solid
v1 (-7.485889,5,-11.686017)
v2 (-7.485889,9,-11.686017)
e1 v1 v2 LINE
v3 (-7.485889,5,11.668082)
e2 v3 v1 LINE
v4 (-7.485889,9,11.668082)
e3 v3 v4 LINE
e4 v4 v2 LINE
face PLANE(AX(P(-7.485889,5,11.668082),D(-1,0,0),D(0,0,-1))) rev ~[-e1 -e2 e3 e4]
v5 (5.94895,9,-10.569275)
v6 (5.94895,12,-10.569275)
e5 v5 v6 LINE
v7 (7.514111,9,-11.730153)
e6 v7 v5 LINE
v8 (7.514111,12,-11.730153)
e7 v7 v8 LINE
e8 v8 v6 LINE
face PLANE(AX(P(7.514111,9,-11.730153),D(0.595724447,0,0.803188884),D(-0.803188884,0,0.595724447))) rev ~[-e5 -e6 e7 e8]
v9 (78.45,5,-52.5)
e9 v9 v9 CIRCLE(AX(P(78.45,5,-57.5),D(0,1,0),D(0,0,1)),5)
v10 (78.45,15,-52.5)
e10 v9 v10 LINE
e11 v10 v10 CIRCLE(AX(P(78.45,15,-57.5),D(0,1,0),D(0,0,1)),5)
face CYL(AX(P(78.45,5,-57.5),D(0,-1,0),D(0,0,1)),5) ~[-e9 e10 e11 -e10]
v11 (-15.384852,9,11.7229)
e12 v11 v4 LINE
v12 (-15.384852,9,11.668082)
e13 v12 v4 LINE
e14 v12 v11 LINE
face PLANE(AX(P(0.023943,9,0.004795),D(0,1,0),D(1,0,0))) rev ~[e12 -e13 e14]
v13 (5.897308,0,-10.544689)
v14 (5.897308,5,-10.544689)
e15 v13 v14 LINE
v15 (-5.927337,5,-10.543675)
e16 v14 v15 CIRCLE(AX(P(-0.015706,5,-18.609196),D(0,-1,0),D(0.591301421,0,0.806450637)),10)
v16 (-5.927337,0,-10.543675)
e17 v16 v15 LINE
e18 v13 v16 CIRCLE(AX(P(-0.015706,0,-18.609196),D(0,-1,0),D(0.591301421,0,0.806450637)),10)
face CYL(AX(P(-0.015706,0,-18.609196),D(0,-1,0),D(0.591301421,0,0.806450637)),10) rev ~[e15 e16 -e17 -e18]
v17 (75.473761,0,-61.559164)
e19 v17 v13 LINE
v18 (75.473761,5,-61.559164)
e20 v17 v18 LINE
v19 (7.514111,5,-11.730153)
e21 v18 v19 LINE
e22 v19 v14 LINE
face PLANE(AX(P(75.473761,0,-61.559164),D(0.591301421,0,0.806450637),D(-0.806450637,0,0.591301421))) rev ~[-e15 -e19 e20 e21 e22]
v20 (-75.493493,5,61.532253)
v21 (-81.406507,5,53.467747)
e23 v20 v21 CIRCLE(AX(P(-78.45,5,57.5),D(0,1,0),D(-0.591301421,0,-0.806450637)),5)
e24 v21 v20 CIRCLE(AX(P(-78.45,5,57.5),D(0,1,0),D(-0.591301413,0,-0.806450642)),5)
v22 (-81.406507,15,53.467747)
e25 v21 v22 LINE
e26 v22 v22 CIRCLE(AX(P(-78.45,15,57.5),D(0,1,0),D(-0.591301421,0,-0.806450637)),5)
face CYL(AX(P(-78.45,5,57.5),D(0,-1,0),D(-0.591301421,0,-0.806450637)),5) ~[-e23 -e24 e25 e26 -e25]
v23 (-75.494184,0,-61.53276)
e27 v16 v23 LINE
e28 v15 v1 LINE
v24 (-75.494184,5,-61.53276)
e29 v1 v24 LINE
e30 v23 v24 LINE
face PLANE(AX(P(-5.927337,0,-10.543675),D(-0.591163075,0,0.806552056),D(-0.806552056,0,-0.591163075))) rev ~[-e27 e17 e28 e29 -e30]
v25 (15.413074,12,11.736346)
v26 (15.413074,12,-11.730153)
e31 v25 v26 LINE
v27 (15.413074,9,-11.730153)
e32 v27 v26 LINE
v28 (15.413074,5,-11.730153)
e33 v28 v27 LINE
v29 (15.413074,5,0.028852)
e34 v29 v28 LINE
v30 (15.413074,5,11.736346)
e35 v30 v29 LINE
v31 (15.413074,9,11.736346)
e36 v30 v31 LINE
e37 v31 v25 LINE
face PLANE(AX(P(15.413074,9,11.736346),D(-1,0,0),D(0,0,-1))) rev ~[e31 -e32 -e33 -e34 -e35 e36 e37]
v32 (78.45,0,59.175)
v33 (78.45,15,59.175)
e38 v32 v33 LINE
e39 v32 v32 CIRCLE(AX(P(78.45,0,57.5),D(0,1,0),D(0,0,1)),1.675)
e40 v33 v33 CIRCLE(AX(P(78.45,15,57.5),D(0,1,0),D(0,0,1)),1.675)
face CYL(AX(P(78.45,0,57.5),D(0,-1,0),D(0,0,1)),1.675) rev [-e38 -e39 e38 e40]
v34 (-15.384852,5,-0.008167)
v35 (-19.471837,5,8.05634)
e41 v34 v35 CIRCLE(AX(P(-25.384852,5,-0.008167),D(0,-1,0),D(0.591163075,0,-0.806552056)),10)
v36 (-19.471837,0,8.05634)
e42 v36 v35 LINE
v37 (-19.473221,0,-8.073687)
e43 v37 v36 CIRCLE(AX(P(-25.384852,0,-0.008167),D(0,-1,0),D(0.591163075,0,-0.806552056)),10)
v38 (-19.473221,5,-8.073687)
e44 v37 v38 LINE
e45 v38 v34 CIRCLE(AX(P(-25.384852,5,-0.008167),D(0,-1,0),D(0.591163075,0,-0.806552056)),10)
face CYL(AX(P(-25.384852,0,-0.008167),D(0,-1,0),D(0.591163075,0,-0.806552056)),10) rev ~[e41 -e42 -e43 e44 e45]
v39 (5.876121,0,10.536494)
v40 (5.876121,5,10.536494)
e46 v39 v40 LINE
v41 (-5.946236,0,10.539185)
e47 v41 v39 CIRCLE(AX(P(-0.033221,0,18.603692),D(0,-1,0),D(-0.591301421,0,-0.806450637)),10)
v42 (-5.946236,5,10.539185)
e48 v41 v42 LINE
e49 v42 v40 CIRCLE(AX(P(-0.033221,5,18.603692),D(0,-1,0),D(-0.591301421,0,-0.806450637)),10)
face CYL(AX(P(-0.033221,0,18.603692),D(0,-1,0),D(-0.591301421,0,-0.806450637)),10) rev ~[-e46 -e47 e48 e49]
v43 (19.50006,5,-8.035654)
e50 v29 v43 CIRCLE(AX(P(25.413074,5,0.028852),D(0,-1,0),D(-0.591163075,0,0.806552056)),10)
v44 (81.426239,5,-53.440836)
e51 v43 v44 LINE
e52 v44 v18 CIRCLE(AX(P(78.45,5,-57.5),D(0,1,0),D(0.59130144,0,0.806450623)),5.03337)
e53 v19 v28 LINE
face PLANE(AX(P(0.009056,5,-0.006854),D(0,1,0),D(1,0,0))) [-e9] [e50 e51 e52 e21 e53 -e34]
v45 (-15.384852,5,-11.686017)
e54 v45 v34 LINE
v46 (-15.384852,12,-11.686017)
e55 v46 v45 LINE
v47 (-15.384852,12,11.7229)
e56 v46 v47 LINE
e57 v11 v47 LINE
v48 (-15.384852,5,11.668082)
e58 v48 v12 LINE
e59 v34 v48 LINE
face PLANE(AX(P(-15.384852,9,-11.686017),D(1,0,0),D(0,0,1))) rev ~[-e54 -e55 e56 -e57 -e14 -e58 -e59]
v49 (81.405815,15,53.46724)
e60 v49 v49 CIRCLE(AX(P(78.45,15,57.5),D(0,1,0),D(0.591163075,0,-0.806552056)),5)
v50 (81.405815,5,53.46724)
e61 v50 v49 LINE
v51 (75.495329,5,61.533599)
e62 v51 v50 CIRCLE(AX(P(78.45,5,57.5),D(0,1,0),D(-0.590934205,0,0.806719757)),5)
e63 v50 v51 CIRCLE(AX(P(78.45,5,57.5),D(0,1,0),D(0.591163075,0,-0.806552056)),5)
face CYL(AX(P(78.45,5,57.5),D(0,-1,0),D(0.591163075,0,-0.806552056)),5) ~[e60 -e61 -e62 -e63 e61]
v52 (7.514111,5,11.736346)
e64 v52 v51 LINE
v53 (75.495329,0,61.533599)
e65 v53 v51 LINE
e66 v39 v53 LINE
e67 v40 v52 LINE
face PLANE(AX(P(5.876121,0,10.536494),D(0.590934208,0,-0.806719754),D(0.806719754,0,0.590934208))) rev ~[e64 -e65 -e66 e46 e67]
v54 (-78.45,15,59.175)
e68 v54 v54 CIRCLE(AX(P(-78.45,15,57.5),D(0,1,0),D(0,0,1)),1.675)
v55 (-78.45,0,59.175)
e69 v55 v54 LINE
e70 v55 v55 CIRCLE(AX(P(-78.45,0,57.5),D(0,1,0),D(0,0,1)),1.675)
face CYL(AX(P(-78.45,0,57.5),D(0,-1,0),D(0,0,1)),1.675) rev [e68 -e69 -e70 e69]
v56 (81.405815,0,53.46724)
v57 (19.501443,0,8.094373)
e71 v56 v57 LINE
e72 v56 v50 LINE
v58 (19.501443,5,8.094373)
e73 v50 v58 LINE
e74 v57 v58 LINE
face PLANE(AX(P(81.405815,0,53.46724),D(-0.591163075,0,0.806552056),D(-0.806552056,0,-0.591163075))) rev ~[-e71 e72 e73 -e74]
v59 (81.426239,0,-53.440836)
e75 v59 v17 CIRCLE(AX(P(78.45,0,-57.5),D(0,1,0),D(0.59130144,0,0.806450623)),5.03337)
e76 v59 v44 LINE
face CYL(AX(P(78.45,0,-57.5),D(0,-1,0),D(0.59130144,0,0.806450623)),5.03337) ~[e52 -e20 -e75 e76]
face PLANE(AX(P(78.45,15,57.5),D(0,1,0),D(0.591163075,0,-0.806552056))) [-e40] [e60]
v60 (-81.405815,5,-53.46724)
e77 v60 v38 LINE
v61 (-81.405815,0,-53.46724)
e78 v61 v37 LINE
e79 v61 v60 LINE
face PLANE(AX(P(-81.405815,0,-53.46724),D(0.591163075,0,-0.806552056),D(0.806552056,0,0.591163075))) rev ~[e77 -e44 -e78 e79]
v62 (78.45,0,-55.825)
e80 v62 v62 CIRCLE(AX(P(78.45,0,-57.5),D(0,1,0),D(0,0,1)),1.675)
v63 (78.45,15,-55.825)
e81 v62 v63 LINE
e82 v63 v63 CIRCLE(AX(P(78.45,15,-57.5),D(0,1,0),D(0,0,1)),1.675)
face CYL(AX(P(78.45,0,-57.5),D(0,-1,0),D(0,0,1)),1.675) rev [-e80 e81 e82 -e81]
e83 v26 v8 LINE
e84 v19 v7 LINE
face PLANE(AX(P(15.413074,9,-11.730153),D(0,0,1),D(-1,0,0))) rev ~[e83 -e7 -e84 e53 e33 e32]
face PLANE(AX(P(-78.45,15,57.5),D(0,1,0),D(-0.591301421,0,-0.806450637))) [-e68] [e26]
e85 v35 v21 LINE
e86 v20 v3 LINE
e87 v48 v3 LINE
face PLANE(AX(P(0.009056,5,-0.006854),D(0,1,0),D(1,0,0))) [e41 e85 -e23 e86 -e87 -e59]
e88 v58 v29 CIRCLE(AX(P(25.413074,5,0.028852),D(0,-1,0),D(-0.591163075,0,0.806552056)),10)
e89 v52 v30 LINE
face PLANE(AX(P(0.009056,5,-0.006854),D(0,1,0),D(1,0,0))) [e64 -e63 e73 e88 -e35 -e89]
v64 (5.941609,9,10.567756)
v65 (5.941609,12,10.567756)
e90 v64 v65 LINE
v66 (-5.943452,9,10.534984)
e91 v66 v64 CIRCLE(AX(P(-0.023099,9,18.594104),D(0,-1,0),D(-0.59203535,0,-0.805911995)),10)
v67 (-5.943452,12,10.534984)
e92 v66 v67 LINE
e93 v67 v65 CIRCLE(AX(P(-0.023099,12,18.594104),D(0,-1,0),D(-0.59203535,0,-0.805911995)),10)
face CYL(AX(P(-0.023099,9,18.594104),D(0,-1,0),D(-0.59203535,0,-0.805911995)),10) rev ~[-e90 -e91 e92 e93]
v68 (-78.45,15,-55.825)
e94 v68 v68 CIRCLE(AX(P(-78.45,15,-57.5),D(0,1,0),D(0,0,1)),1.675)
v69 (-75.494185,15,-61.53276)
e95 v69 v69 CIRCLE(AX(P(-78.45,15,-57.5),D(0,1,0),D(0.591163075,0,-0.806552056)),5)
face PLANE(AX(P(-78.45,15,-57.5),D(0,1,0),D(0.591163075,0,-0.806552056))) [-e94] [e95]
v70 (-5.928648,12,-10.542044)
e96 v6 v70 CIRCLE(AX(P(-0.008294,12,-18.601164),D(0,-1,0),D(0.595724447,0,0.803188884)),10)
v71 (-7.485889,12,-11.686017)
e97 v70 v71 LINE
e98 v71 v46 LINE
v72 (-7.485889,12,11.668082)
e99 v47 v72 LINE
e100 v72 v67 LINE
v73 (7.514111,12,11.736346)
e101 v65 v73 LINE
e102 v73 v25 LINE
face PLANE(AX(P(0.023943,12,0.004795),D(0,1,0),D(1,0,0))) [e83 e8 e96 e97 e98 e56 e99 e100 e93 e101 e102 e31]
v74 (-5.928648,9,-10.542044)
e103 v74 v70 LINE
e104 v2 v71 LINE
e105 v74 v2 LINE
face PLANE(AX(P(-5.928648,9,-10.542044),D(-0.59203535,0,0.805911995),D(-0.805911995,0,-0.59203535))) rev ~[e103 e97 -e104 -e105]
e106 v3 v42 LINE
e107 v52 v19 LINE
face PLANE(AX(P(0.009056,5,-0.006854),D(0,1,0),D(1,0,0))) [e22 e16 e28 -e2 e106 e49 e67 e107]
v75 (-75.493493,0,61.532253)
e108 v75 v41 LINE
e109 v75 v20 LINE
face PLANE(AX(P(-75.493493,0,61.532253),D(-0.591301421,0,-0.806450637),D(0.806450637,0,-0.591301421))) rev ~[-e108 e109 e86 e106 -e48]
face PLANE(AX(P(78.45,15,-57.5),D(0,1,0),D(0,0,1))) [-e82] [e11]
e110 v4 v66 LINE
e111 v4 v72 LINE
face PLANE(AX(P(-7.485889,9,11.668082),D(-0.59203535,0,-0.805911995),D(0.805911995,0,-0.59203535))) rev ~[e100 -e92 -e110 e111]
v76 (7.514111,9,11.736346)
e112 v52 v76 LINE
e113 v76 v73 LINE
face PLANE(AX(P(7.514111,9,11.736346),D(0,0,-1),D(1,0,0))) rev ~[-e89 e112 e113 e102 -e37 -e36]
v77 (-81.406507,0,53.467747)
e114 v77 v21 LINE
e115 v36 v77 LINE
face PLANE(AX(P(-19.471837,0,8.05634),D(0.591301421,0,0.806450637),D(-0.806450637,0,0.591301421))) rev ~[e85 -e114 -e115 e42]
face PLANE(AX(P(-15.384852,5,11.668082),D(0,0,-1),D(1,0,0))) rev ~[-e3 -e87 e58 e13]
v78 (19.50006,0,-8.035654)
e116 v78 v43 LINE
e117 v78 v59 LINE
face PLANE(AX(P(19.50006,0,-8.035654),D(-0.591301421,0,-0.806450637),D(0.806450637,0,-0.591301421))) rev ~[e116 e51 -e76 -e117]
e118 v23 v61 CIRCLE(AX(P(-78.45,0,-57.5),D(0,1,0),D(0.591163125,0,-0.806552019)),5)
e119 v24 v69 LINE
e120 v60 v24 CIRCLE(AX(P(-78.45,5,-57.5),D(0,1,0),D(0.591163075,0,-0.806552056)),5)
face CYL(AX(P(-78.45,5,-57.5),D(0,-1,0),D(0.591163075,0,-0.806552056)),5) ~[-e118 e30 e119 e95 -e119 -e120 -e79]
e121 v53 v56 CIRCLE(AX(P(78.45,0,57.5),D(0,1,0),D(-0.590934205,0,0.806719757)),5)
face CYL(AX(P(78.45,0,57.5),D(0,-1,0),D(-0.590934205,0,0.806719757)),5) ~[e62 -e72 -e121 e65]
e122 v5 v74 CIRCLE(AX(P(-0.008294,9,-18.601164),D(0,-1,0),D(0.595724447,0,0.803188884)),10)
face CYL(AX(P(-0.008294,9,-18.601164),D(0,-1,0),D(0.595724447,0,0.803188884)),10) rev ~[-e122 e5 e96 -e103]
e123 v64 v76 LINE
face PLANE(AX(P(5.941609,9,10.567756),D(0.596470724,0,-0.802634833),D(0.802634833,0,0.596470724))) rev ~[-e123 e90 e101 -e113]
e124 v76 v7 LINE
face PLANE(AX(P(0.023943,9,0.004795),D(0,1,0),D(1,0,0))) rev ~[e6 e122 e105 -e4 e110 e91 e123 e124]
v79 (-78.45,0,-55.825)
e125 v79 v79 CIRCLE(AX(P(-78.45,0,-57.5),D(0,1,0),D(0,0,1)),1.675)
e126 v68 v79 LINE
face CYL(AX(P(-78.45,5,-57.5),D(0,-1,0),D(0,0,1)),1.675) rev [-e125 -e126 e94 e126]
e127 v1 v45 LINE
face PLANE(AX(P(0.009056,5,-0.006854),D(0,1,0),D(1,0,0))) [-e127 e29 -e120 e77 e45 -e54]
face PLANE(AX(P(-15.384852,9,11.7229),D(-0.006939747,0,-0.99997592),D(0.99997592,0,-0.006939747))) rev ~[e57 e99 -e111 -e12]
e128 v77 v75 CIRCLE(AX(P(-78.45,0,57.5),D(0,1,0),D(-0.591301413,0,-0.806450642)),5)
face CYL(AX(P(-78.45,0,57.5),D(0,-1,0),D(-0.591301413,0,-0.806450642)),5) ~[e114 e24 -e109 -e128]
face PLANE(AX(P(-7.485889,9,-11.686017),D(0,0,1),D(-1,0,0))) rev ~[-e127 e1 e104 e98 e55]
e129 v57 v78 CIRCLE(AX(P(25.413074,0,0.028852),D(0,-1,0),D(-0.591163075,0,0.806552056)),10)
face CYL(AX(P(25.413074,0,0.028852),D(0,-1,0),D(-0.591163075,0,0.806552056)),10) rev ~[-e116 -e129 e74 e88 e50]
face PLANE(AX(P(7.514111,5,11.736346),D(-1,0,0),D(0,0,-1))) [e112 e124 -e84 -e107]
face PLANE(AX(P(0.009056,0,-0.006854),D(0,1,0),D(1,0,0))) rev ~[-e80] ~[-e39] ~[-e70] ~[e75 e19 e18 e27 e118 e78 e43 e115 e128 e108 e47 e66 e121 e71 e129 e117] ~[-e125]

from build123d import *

# Parameters (mm, degrees)
SKETCH2_R           = 1.675
BOSS_EXTRUDE2_DEPTH = 5
SKETCH4_R           = 5
SKETCH4_R_2         = 1.675
BOSS_EXTRUDE3_DEPTH = 10
SKETCH7_W           = 7.89896268
SKETCH7_H           = 23.466499487
BOSS_EXTRUDE4_DEPTH = 4
BOSS_EXTRUDE5_DEPTH = 3


with BuildPart() as part:
    # Sketch2 → Boss-Extrude2 (new body)
    with BuildSketch(Plane(origin=(0, 0, 0), x_dir=(1, 0, 0), z_dir=(0, 1, 0))):
        with BuildLine():
            Line((-5.927337077, 10.543675079), (-75.494184373, 61.532760094))
            ThreePointArc((-75.494184373, 61.532760094), (-82.4827602, 60.455815483), (-81.405815339, 53.467239694))
            Line((-81.405815339, 53.467239694), (-19.473220794, 8.073687288))
            ThreePointArc((-19.473220794, 8.073687288), (-15.384851579, 0.009024421), (-19.471837334, -8.056339641))
            Line((-19.471837334, -8.056339641), (-81.406507067, -53.467746788))
            ThreePointArc((-81.406507067, -53.467746788), (-82.482253212, -60.456507067), (-75.493492933, -61.532253212))
            Line((-75.493492933, -61.532253212), (-5.946235564, -10.53918529))
            ThreePointArc((-5.946235564, -10.53918529), (-0.035497695, -8.603691918), (5.87612073, -10.53649412))
            Line((5.87612073, -10.53649412), (75.495328977, -61.533598783))
            ThreePointArc((75.495328977, -61.533598783), (82.483179585, -60.455243211), (81.405815339, -53.467239694))
            Line((81.405815339, -53.467239694), (19.501443033, -8.094372803))
            ThreePointArc((19.501443033, -8.094372803), (15.413073818, -0.029709936), (19.500059572, 8.035654125))
            Line((19.500059572, 8.035654125), (81.426238752, 53.440835874))
            ThreePointArc((81.426238752, 53.440835874), (82.509164133, 60.476238742), (75.473761267, 61.55916414))
            Line((75.473761267, 61.55916414), (5.897307879, 10.54468927))
            ThreePointArc((5.897307879, 10.54468927), (-0.014848637, 8.609195675), (-5.927337077, 10.543675079))
        make_face()
        with Locations(Location((-78.45, 57.5, 0), (0, 0, 270))):
            Circle(SKETCH2_R, mode=Mode.SUBTRACT)
        with Locations(Location((-78.45, -57.5, 0), (0, 0, 270))):
            Circle(SKETCH2_R, mode=Mode.SUBTRACT)
        with Locations(Location((78.45, 57.5, 0), (0, 0, 270))):
            Circle(SKETCH2_R, mode=Mode.SUBTRACT)
        with Locations(Location((78.45, -57.5, 0), (0, 0, 270))):
            Circle(SKETCH2_R, mode=Mode.SUBTRACT)
    extrude(amount=BOSS_EXTRUDE2_DEPTH)

    # Sketch4 → Boss-Extrude3 (add)
    # profile 1 of 4: a face of its own
    with BuildSketch(Plane(origin=(0, 5, 0), x_dir=(1, 0, 0), z_dir=(0, 1, 0))):
        with Locations(Location((-78.45, 57.5, 0), (0, 0, 53.760412974))):
            Circle(SKETCH4_R)
        with Locations(Location((-78.45, 57.5, 0), (0, 0, 270))):
            Circle(SKETCH4_R_2, mode=Mode.SUBTRACT)
    # profile 2 of 4: a face of its own
    with BuildSketch(Plane(origin=(0, 5, 0), x_dir=(1, 0, 0), z_dir=(0, 1, 0))):
        with Locations(Location((78.45, 57.5, 0), (0, 0, 270))):
            Circle(SKETCH4_R)
        with Locations(Location((78.45, 57.5, 0), (0, 0, 270))):
            Circle(SKETCH4_R_2, mode=Mode.SUBTRACT)
    # profile 3 of 4: a face of its own
    with BuildSketch(Plane(origin=(0, 5, 0), x_dir=(1, 0, 0), z_dir=(0, 1, 0))):
        with Locations(Location((-78.45, -57.5, 0), (0, 0, 126.24941546))):
            Circle(SKETCH4_R)
        with Locations(Location((-78.45, -57.5, 0), (0, 0, 270))):
            Circle(SKETCH4_R_2, mode=Mode.SUBTRACT)
    # profile 4 of 4: a face of its own
    with BuildSketch(Plane(origin=(0, 5, 0), x_dir=(1, 0, 0), z_dir=(0, 1, 0))):
        with Locations(Location((78.45, -57.5, 0), (0, 0, 53.760412974))):
            Circle(SKETCH4_R)
        with Locations(Location((78.45, -57.5, 0), (0, 0, 270))):
            Circle(SKETCH4_R_2, mode=Mode.SUBTRACT)
    extrude(amount=BOSS_EXTRUDE3_DEPTH)

    # Sketch7 → Boss-Extrude4 (add)
    with BuildSketch(Plane(origin=(0, 5, 0), x_dir=(1, 0, 0), z_dir=(0, 1, 0))):
        Polygon((-15.384851579, 0.009024421), (-15.384851579, -11.66808167), (-7.485888899, -11.66808167), (-7.485888899, -0.137260517), (-7.485888899, 11.686017077), (-15.384851579, 11.686017077), align=None)
        with Locations((11.463592441, -0.003096667)):
            Rectangle(SKETCH7_W, SKETCH7_H)
    extrude(amount=BOSS_EXTRUDE4_DEPTH)

    # Sketch8 → Boss-Extrude5 (add)
    with BuildSketch(Plane(origin=(0, 9, 0), x_dir=(1, 0, 0), z_dir=(0, 1, 0))):
        with BuildLine():
            Line((-15.384851579, -11.722899791), (-7.485888899, -11.66808167))
            Line((-7.485888899, -11.66808167), (-5.943452184, -10.53498393))
            ThreePointArc((-5.943452184, -10.53498393), (0.004475009, -8.594141897), (5.941608561, -10.567755551))
            Line((5.941608561, -10.567755551), (7.514111101, -11.73634641))
            Line((7.514111101, -11.73634641), (15.413073781, -11.73634641))
            Line((15.413073781, -11.73634641), (15.413073781, 11.730153077))
            Line((15.413073781, 11.730153077), (7.514111101, 11.730153077))
            Line((7.514111101, 11.730153077), (5.94895034, 10.569274798))
            ThreePointArc((5.94895034, 10.569274798), (0.014632257, 8.601189918), (-5.928647633, 10.542043685))
            Line((-5.928647633, 10.542043685), (-7.485888899, 11.686017077))
            Line((-7.485888899, 11.686017077), (-15.384851579, 11.686017077))
            Line((-15.384851579, 11.686017077), (-15.384851579, -11.722899791))
        make_face()
    extrude(amount=BOSS_EXTRUDE5_DEPTH)


solid = part.part
